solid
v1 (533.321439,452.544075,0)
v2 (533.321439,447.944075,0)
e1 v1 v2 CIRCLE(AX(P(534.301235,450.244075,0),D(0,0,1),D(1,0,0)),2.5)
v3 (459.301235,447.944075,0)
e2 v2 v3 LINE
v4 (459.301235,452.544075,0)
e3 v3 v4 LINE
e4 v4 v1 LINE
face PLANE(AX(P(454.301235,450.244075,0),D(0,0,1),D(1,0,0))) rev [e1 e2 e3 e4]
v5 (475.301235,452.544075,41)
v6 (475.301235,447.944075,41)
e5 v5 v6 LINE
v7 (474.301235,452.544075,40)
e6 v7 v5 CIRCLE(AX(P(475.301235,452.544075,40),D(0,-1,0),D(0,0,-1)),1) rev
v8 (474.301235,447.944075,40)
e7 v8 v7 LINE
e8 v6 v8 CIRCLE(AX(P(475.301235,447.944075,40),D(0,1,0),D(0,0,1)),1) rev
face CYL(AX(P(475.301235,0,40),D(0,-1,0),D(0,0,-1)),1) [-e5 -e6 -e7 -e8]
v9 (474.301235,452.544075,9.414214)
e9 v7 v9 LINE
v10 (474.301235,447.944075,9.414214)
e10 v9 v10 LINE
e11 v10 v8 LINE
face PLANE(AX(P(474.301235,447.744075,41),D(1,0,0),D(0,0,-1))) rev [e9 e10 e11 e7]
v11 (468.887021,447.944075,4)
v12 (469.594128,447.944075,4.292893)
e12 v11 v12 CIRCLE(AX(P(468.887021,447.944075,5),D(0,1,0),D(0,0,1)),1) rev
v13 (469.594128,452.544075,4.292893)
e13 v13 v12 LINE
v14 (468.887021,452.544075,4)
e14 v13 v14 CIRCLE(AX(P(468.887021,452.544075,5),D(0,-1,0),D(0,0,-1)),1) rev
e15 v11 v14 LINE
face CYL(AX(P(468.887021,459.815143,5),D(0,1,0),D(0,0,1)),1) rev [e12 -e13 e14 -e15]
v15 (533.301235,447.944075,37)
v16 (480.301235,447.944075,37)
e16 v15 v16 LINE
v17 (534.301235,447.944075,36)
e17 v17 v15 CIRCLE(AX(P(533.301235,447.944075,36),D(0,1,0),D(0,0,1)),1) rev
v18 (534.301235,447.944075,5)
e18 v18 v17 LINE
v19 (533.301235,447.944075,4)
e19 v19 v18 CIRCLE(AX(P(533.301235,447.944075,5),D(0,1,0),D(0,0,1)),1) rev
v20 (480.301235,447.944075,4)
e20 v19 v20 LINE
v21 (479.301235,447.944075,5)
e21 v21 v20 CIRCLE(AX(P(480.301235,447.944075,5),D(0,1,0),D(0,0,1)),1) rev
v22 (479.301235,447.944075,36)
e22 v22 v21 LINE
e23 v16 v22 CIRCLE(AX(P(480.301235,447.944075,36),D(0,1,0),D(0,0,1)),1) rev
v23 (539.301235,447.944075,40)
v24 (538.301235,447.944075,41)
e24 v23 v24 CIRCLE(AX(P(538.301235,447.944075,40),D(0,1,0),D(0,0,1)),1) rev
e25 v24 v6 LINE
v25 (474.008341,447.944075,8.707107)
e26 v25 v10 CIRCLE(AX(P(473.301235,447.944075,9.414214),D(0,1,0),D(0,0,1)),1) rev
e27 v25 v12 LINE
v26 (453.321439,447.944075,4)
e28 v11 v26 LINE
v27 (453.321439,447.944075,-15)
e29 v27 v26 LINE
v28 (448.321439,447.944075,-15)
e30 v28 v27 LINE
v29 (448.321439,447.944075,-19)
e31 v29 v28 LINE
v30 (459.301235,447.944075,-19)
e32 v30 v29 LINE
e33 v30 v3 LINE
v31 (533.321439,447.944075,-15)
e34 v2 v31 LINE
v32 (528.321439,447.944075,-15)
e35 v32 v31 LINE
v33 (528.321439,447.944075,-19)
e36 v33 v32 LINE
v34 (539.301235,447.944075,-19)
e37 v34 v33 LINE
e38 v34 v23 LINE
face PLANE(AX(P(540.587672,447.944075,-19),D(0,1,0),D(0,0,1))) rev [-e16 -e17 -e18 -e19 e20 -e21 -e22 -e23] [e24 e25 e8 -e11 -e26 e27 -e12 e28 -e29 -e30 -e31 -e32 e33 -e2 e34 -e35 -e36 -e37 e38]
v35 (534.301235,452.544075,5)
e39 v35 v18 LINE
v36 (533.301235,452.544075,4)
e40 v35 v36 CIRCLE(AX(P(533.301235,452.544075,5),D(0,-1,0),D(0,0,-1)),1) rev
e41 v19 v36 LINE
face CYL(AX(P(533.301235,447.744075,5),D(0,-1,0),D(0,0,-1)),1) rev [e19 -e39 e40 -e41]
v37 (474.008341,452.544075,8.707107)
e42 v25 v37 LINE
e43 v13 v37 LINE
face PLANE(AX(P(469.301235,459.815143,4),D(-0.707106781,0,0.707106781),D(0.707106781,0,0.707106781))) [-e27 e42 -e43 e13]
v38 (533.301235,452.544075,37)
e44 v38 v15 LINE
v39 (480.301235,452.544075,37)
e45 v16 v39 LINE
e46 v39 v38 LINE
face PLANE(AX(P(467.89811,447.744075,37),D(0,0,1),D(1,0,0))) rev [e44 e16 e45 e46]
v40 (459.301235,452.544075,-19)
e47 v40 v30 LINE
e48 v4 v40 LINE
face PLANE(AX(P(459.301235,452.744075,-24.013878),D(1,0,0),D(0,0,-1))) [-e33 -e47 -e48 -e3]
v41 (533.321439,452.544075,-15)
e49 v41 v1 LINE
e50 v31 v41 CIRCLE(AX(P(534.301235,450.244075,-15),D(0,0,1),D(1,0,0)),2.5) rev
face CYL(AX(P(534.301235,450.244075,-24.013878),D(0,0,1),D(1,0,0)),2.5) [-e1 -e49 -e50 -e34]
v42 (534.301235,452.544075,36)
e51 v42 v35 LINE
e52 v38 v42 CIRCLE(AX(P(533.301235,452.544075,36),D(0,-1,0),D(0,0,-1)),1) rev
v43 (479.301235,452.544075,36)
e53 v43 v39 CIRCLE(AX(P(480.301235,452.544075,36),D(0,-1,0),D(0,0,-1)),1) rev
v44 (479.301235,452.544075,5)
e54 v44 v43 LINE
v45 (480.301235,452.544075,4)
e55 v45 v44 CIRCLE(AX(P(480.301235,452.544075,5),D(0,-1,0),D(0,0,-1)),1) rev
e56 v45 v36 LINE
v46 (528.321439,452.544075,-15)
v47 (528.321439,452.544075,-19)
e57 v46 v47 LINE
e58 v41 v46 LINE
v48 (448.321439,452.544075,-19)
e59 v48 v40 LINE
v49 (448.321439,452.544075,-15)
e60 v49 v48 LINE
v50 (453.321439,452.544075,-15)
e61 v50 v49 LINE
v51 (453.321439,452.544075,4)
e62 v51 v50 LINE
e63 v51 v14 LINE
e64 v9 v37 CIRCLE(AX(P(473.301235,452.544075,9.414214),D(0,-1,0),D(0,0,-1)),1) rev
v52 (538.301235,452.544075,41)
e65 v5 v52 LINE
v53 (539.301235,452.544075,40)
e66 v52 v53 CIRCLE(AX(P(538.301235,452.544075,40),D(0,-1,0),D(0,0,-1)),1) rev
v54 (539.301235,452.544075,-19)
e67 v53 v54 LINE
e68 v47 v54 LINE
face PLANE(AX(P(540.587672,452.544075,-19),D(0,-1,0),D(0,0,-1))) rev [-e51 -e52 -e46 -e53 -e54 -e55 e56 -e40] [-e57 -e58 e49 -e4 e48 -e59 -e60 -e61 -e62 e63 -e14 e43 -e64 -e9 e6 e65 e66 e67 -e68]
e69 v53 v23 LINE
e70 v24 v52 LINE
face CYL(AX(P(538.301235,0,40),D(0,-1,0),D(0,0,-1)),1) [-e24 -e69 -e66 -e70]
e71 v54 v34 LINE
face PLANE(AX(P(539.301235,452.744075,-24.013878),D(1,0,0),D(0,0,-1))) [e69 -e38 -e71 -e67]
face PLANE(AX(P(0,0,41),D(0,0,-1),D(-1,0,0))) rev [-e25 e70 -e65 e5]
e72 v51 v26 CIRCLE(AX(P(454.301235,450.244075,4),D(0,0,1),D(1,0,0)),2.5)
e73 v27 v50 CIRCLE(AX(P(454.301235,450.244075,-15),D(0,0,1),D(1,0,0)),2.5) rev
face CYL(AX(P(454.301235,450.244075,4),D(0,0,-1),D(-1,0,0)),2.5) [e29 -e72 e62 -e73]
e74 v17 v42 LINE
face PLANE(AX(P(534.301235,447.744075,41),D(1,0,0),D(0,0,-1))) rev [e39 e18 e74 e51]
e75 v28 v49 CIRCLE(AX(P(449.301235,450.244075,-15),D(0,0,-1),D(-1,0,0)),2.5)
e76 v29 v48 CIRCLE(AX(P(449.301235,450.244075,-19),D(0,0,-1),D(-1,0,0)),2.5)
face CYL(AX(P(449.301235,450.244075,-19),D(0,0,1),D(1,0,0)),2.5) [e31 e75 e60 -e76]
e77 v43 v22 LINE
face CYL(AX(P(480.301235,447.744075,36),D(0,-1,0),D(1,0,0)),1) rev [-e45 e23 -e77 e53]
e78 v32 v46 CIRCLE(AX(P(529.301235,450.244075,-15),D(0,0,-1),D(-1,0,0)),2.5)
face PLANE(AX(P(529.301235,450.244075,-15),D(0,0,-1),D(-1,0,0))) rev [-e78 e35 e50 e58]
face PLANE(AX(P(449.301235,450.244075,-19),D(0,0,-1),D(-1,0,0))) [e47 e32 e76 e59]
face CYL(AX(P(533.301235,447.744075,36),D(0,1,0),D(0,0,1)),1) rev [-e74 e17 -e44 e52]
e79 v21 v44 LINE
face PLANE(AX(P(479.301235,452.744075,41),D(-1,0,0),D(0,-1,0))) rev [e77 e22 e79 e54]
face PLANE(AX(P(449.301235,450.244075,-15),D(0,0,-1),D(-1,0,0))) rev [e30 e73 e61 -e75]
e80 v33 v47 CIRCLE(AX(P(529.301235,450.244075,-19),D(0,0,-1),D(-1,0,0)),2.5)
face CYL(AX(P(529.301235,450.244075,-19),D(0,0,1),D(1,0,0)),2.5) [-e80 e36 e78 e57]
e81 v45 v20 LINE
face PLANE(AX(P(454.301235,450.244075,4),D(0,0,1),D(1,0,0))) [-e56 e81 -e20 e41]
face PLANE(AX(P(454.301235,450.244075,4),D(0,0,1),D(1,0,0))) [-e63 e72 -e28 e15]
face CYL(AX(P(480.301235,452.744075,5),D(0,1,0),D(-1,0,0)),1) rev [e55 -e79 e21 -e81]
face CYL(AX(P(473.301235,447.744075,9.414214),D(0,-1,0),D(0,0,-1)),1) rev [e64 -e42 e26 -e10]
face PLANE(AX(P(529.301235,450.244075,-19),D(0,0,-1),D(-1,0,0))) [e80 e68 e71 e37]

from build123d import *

# Parameters (mm, degrees)
EXTRUDE_1_DEPTH     = 15
EXTRUDE_1_2_DEPTH   = 15
EXTRUDE_2_DEPTH     = 4
EXTRUDE_5_DEPTH     = 4
SKETCH_8_W          = 5
SKETCH_8_H          = 5
EXTRUDE_6_DEPTH     = 37
SKETCH_9_W          = 4
SKETCH_9_H          = 5
EXTRUDE_7_DEPTH     = 60
EXTRUDE_8_DEPTH     = 5
FILLET_1_R          = 1
FILLET_2_R          = 1
SKETCH_11_W         = 94.407997399
SKETCH_11_H         = 0.2
CUT_EXTRUDE_1_DEPTH = 61


with BuildPart() as part:
    # 草图1 → 凸台-拉伸1 (new body)
    with BuildSketch(Plane.XY):
        with BuildLine():
            Line((539.301234579, 452.744075086), (539.301234579, 447.744075086))
            Line((539.301234579, 447.744075086), (534.301234579, 447.744075086))
            ThreePointArc((534.301234579, 447.744075086), (531.801234579, 450.244075086), (534.301234579, 452.744075086))
            Line((534.301234579, 452.744075086), (539.301234579, 452.744075086))
        make_face()
    extrude(amount=-EXTRUDE_1_DEPTH)



with BuildPart() as body_2:
    # 草图1 → Extrude 1 2 (new body)
    with BuildSketch(Plane.XY):
        with BuildLine():
            Line((459.301234579, 452.744075086), (459.301234579, 447.744075086))
            Line((459.301234579, 447.744075086), (454.301234579, 447.744075086))
            ThreePointArc((454.301234579, 447.744075086), (451.801234579, 450.244075086), (454.301234579, 452.744075086))
            Line((454.301234579, 452.744075086), (459.301234579, 452.744075086))
        make_face()
    extrude(amount=-EXTRUDE_1_2_DEPTH)


with BuildPart() as part_1:
    add(part.part)

    add(body_2.part)  # 凸台-拉伸2 merges body 2
    # 草图2 → 凸台-拉伸2 (add)
    with BuildSketch(Plane(origin=(0, 0, -15), x_dir=(-1, 0, 0), z_dir=(0, 0, -1))):
        with BuildLine():
            Line((-529.301234579, 452.744075086), (-534.301234579, 452.744075086))
            Line((-534.301234579, 452.744075086), (-539.301234579, 452.744075086))
            Line((-539.301234579, 452.744075086), (-539.301234579, 447.744075086))
            Line((-539.301234579, 447.744075086), (-534.301234579, 447.744075086))
            Line((-534.301234579, 447.744075086), (-529.301234579, 447.744075086))
            ThreePointArc((-529.301234579, 447.744075086), (-526.801234579, 450.244075086), (-529.301234579, 452.744075086))
        make_face()
        with BuildLine():
            Line((-449.301234579, 452.744075086), (-459.301234579, 452.744075086))
            Line((-459.301234579, 452.744075086), (-459.301234579, 447.744075086))
            Line((-459.301234579, 447.744075086), (-449.301234579, 447.744075086))
            ThreePointArc((-449.301234579, 447.744075086), (-446.801234579, 450.244075086), (-449.301234579, 452.744075086))
        make_face()
    extrude(amount=EXTRUDE_2_DEPTH)

    # 草图7 → 凸台-拉伸5 (add)
    with BuildSketch(Plane.XY):
        with BuildLine():
            Line((539.301234579, 447.744075086), (454.301234579, 447.744075086))
            ThreePointArc((454.301234579, 447.744075086), (451.801234579, 450.244075086), (454.301234579, 452.744075086))
            Line((454.301234579, 452.744075086), (539.301234579, 452.744075086))
            Line((539.301234579, 452.744075086), (539.301234579, 447.744075086))
        make_face()
    extrude(amount=EXTRUDE_5_DEPTH)

    # 草图8 → 凸台-拉伸6 (add)
    with BuildSketch(Plane.XY.offset(4)):
        with Locations((536.801234579, 450.244075086)):
            Rectangle(SKETCH_8_W, SKETCH_8_H)
        with Locations((476.801234579, 450.244075086)):
            Rectangle(SKETCH_8_W, SKETCH_8_H)
    extrude(amount=EXTRUDE_6_DEPTH)

    # 草图9 → 凸台-拉伸7 (add)
    with BuildSketch(Plane.ZY.offset(-534.301234579)):
        with Locations((39, 450.244075086)):
            Rectangle(SKETCH_9_W, SKETCH_9_H)
    extrude(amount=EXTRUDE_7_DEPTH)

    # 草图10 → 凸台-拉伸8 (add)
    with BuildSketch(Plane.XZ.offset(-447.744075086)):
        Polygon((474.301234579, 4), (469.301234579, 4), (474.301234579, 9), align=None)
    extrude(amount=-EXTRUDE_8_DEPTH)

    # 圆角1
    fillet_1_edges = [part_1.edges().sort_by_distance(p)[0] for p in [
        (534.301234579, 450.244075086, 4),
        (479.301234579, 450.244075086, 4),
        (479.301234579, 450.244075086, 37),
        (534.301234579, 450.244075086, 37),
    ]]
    fillet(fillet_1_edges, radius=FILLET_1_R)

    # 圆角2
    fillet_2_edges = [part_1.edges().sort_by_distance(p)[0] for p in [
        (469.301234579, 450.244075086, 4),
        (474.301234579, 450.244075086, 9),
        (539.301234579, 450.244075086, 41),
        (474.301234579, 450.244075086, 41),
    ]]
    fillet(fillet_2_edges, radius=FILLET_2_R)

    # 草图11 → 切除-拉伸1 (cut, through all)
    with BuildSketch(Plane.XY.offset(41)):
        with Locations((493.383672974, 452.644075086)):
            Rectangle(SKETCH_11_W, SKETCH_11_H)
        with Locations((493.383672974, 447.844075086)):
            Rectangle(SKETCH_11_W, SKETCH_11_H)
    extrude(amount=-CUT_EXTRUDE_1_DEPTH, mode=Mode.SUBTRACT)


solid = part_1.part
